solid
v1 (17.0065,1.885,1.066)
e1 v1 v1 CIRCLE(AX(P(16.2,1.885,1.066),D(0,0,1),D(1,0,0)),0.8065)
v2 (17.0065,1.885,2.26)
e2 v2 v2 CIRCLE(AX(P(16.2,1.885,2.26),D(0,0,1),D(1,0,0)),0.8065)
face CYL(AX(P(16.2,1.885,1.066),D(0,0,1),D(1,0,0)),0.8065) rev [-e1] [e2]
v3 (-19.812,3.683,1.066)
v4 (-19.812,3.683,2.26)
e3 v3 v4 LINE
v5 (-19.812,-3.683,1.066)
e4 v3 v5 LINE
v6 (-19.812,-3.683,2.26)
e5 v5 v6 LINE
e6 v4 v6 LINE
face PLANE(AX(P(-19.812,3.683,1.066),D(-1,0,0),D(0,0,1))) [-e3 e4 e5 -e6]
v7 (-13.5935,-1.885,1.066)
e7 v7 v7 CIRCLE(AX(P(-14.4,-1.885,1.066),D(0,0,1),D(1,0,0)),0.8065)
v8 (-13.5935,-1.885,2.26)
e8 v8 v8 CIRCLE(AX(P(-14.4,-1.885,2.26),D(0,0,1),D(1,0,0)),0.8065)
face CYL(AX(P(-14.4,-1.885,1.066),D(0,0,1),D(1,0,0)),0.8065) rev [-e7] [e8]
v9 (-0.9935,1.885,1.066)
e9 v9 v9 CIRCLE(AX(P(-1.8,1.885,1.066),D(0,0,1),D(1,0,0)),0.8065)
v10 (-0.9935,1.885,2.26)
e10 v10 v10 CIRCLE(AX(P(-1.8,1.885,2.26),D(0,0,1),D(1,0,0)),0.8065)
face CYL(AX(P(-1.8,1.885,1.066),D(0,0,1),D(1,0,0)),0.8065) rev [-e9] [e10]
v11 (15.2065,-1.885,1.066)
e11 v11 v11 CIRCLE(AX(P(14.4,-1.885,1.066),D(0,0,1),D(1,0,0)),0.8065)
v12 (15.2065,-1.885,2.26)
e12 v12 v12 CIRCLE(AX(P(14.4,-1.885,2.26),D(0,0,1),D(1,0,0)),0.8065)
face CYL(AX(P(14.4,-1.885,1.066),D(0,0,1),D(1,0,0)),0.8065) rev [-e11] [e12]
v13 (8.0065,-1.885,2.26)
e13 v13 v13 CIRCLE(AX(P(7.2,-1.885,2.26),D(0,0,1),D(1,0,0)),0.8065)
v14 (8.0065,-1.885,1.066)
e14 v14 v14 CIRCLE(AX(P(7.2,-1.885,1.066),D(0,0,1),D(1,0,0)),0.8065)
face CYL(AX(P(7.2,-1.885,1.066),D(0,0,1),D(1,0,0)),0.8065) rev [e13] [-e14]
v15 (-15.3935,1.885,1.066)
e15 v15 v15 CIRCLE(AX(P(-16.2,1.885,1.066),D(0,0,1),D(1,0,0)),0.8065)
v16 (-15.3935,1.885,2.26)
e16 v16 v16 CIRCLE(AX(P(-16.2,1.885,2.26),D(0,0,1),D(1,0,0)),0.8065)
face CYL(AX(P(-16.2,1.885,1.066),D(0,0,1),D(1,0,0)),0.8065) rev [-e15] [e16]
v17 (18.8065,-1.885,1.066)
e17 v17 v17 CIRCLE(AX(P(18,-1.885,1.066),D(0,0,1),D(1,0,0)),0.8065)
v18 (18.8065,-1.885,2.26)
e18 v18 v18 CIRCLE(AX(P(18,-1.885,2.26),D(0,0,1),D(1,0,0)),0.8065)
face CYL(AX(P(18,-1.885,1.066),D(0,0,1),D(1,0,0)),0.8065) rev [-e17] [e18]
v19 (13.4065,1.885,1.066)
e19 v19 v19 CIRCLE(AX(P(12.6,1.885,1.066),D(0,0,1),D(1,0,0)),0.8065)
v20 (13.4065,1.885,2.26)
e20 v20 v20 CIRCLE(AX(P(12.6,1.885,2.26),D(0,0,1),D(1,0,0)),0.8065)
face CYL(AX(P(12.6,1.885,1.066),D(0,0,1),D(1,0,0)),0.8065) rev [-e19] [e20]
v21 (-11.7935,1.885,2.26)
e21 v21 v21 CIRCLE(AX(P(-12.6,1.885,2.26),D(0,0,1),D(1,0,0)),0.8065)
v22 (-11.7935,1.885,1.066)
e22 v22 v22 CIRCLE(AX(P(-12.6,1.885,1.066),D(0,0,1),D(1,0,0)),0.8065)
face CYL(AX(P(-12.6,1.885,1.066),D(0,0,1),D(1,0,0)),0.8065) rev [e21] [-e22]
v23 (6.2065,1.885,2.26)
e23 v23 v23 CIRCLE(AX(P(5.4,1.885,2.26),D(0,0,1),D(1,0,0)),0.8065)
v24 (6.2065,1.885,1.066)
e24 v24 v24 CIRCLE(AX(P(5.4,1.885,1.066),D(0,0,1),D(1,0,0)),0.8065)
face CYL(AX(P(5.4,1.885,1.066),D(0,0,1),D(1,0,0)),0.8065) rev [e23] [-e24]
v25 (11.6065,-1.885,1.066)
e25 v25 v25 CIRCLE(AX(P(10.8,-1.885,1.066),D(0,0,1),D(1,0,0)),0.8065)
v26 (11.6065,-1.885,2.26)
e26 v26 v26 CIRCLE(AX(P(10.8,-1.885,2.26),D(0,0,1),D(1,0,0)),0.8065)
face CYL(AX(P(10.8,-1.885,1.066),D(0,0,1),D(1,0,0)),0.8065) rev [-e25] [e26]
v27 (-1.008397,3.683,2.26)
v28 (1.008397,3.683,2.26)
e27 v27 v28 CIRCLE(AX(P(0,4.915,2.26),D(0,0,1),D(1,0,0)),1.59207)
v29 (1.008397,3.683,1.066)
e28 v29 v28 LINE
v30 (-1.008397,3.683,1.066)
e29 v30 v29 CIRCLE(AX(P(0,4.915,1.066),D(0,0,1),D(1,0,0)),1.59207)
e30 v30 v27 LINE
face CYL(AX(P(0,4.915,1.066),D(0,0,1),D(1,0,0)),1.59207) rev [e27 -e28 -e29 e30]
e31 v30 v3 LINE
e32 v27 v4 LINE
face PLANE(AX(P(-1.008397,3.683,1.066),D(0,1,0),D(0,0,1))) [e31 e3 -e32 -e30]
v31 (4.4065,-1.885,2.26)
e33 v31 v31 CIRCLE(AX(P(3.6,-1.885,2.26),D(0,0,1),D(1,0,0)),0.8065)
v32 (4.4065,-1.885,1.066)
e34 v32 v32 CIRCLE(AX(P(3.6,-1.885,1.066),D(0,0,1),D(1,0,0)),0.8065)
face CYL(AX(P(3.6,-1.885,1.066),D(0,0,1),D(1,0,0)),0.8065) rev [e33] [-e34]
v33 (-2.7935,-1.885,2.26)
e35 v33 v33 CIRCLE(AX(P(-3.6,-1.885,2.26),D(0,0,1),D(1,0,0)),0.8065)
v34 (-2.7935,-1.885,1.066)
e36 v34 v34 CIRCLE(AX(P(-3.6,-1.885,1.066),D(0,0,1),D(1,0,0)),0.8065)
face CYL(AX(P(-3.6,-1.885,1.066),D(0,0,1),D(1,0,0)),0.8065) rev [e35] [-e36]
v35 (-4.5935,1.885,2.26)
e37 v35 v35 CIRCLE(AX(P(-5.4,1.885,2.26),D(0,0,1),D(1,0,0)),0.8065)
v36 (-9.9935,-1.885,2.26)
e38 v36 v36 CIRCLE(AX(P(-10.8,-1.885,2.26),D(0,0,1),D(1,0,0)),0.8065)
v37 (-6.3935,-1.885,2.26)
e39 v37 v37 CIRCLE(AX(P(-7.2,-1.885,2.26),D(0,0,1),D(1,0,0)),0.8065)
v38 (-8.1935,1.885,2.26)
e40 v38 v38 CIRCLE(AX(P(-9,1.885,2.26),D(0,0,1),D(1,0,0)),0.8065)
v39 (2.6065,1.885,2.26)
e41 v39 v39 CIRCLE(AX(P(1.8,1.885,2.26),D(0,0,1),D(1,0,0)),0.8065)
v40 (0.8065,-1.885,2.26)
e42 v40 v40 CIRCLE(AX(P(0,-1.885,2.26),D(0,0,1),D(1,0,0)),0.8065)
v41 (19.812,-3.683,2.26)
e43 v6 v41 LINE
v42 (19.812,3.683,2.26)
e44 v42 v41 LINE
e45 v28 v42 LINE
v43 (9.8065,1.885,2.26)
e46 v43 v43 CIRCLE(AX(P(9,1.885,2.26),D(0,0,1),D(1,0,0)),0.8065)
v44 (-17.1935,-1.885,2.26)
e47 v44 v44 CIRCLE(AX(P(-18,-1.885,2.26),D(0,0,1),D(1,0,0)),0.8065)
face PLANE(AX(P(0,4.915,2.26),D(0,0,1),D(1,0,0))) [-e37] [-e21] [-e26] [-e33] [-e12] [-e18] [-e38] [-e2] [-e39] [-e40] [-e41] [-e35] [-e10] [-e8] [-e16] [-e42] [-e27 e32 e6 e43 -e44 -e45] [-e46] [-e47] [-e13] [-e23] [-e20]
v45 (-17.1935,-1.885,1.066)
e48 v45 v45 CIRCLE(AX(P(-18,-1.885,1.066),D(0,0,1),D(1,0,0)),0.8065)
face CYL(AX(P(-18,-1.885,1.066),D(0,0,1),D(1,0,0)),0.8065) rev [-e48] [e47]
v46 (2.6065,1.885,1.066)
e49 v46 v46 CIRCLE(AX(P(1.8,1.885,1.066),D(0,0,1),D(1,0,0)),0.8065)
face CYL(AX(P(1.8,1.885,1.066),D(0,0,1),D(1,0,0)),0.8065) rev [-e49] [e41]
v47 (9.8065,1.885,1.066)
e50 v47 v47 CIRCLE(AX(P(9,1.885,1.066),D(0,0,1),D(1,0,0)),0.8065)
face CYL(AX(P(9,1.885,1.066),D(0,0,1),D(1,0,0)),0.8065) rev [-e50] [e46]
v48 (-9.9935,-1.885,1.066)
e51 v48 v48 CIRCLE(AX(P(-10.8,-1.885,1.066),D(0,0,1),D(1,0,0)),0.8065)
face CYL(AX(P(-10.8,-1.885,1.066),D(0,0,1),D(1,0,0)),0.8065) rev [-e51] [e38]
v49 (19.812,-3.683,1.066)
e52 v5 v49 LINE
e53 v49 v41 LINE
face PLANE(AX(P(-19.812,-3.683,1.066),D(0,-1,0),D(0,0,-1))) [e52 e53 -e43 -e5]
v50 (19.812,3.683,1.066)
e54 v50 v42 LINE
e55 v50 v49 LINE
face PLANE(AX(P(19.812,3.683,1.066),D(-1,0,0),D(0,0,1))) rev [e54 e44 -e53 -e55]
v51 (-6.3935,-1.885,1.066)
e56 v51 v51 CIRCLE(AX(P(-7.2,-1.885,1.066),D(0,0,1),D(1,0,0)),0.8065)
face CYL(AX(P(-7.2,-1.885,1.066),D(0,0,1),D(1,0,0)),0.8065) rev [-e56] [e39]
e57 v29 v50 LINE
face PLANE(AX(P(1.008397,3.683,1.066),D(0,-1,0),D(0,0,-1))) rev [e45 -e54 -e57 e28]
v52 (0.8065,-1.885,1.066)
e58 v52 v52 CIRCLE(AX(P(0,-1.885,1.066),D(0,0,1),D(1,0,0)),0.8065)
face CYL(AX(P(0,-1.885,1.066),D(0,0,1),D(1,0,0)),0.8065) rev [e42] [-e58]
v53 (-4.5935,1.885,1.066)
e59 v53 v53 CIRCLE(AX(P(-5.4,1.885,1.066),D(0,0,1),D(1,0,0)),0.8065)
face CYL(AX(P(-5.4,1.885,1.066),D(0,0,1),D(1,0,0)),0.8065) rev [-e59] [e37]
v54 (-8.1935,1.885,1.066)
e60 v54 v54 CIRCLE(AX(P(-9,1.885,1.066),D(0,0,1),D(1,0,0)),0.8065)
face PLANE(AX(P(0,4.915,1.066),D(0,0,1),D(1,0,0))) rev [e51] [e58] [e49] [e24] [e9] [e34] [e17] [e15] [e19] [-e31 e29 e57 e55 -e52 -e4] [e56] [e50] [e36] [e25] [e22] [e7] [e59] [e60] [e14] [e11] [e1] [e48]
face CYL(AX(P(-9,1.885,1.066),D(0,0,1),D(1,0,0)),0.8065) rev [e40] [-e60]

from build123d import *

# Parameters (mm, degrees)
BOSS_EXTRUDE1_DEPTH = 1.194
SKETCH2_R           = 0.8065
CUT_EXTRUDE1_DEPTH  = 2.194


with BuildPart() as part:
    # Sketch1 → Boss-Extrude1 (new body)
    with BuildSketch(Plane.XY.offset(2.26)):
        with BuildLine():
            Line((-1.008396957, 3.683), (-19.812, 3.683))
            Line((-19.812, 3.683), (-19.812, -3.683))
            Line((-19.812, -3.683), (19.812, -3.683))
            Line((19.812, -3.683), (19.812, 3.683))
            Line((19.812, 3.683), (1.008396957, 3.683))
            ThreePointArc((1.008396957, 3.683), (0, 3.322929517), (-1.008396957, 3.683))
        make_face()
    extrude(amount=-BOSS_EXTRUDE1_DEPTH)

    # Sketch2 → Cut-Extrude1 (cut, through all)
    with BuildSketch(Plane.XY.offset(2.26)):
        with Locations((-18, -1.885)):
            Circle(SKETCH2_R)
        with Locations((-16.2, 1.885)):
            Circle(SKETCH2_R)
        with Locations((-14.4, -1.885)):
            Circle(SKETCH2_R)
        with Locations((-10.8, -1.885)):
            Circle(SKETCH2_R)
        with Locations((-7.2, -1.885)):
            Circle(SKETCH2_R)
        with Locations((-3.6, -1.885)):
            Circle(SKETCH2_R)
        with Locations((0, -1.885)):
            Circle(SKETCH2_R)
        with Locations((3.6, -1.885)):
            Circle(SKETCH2_R)
        with Locations((7.2, -1.885)):
            Circle(SKETCH2_R)
        with Locations((10.8, -1.885)):
            Circle(SKETCH2_R)
        with Locations((14.4, -1.885)):
            Circle(SKETCH2_R)
        with Locations((18, -1.885)):
            Circle(SKETCH2_R)
        with Locations((-12.6, 1.885)):
            Circle(SKETCH2_R)
        with Locations((-9, 1.885)):
            Circle(SKETCH2_R)
        with Locations((-5.4, 1.885)):
            Circle(SKETCH2_R)
        with Locations((-1.8, 1.885)):
            Circle(SKETCH2_R)
        with Locations((1.8, 1.885)):
            Circle(SKETCH2_R)
        with Locations((5.4, 1.885)):
            Circle(SKETCH2_R)
        with Locations((9, 1.885)):
            Circle(SKETCH2_R)
        with Locations((12.6, 1.885)):
            Circle(SKETCH2_R)
        with Locations((16.2, 1.885)):
            Circle(SKETCH2_R)
    extrude(amount=-CUT_EXTRUDE1_DEPTH, mode=Mode.SUBTRACT)


solid = part.part
